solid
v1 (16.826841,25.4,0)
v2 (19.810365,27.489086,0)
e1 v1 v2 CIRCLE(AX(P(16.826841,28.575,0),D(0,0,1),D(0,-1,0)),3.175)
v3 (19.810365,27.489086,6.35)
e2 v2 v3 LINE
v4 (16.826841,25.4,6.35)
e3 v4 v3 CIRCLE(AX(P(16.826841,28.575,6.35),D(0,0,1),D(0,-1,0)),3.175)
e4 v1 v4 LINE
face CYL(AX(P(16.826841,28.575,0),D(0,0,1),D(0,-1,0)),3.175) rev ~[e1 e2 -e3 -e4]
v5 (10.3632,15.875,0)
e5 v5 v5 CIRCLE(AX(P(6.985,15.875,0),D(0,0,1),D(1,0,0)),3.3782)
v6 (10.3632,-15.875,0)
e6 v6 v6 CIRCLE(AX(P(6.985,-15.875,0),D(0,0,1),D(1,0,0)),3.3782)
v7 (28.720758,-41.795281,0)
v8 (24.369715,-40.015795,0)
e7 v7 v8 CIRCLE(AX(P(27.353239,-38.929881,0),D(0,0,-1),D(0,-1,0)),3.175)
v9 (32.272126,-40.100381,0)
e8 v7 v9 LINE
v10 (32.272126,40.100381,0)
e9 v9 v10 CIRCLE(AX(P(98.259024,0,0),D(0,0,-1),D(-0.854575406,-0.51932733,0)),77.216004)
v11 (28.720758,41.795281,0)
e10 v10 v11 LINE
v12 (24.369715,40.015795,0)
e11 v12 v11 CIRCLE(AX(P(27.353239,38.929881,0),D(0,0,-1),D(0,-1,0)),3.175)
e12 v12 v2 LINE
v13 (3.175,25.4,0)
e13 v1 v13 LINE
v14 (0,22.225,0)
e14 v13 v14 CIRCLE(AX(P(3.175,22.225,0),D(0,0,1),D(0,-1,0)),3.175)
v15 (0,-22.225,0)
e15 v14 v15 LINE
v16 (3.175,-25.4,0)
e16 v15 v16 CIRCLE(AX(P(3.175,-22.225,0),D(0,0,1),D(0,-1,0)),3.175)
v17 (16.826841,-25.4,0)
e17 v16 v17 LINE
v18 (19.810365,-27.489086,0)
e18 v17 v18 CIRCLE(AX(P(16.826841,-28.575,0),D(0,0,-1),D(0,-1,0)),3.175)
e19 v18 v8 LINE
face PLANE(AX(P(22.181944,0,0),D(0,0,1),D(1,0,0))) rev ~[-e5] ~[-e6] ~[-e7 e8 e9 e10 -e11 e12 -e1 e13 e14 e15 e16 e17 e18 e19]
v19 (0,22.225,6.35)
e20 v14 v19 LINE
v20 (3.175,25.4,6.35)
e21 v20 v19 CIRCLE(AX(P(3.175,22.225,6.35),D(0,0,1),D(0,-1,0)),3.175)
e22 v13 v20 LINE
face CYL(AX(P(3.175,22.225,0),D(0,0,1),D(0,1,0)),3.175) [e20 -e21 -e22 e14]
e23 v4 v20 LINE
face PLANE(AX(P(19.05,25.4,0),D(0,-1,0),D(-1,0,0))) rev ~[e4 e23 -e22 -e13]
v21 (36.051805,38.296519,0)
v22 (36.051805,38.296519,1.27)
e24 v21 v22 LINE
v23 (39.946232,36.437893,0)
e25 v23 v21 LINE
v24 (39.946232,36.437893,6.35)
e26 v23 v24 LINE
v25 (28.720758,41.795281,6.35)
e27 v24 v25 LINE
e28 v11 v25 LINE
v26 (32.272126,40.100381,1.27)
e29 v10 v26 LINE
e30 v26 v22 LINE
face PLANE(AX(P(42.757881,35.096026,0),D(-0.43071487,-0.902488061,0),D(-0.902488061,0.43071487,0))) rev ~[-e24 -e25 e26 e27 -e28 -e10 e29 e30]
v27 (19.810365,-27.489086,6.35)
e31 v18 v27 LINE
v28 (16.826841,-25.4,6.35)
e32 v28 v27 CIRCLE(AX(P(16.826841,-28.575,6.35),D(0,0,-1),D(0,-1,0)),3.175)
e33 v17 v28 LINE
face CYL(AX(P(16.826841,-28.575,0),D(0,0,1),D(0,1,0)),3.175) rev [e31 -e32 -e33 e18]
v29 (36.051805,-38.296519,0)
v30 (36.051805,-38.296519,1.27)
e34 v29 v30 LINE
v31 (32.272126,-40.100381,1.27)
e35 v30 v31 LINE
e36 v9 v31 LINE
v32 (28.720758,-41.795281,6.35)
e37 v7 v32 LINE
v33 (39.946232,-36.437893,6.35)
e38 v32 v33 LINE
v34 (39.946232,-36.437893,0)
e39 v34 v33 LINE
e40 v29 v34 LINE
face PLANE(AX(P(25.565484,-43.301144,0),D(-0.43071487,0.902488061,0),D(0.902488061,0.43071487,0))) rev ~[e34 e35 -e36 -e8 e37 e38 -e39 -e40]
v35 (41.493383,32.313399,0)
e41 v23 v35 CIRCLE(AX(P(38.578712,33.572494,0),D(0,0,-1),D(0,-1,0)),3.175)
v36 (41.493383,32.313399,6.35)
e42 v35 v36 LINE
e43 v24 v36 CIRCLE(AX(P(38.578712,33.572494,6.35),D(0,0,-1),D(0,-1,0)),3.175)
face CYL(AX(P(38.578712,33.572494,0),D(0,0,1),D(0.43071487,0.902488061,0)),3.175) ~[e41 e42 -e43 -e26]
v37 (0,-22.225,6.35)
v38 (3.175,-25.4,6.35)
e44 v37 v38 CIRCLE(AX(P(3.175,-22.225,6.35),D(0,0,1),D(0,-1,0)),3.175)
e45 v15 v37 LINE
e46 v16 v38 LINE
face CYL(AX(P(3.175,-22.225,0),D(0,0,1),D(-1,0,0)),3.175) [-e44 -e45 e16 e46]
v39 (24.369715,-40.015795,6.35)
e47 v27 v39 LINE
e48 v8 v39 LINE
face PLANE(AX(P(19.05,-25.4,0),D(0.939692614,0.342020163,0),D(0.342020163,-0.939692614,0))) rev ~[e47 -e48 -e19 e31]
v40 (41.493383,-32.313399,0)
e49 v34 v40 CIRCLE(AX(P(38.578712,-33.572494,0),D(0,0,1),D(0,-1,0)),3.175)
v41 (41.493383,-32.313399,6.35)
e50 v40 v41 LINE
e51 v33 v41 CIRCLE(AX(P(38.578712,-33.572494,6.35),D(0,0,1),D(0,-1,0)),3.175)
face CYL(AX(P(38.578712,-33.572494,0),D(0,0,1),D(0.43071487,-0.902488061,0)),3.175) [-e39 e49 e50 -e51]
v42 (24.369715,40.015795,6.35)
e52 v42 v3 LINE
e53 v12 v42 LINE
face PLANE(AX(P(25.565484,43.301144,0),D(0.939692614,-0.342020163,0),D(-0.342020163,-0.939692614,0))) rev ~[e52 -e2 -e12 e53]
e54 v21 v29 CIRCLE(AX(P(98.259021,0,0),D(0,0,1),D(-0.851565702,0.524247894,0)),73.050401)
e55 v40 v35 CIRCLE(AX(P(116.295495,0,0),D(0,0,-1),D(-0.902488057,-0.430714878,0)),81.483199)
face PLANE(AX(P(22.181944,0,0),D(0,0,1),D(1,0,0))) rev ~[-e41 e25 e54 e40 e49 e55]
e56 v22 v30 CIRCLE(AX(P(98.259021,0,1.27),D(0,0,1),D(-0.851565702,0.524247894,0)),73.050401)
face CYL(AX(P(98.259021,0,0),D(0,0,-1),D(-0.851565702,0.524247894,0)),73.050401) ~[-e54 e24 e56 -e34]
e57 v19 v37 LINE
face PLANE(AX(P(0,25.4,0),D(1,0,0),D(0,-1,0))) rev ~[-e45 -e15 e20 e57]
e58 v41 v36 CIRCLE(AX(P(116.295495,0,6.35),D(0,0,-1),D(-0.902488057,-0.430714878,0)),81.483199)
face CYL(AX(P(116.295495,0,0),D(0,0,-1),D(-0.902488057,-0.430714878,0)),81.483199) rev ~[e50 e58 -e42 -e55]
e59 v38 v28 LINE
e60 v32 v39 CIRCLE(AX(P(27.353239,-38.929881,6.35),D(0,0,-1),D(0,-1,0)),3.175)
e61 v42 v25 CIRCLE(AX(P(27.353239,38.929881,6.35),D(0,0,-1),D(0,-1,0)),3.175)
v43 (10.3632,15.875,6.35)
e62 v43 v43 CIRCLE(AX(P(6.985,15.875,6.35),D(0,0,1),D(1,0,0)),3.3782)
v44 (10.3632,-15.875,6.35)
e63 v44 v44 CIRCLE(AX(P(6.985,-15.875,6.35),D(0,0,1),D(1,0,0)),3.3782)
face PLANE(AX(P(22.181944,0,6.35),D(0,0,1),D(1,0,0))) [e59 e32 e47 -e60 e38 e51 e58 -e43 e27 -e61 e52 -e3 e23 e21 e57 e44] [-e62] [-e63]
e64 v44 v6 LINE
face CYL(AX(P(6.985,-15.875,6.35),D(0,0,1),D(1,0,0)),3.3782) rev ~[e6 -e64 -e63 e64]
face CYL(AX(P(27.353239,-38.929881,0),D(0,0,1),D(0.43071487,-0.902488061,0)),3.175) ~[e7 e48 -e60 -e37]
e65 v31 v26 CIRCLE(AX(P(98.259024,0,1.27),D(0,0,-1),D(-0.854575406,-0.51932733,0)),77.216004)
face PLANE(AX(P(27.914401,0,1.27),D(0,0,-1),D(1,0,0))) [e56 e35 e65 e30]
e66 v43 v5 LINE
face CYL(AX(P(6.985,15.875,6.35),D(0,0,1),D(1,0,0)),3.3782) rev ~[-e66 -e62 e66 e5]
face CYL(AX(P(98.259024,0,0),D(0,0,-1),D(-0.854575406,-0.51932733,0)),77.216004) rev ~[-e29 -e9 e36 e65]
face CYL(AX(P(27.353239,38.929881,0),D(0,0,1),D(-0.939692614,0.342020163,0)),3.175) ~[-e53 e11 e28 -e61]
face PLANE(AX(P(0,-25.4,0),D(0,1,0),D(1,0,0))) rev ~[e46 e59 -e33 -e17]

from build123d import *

# Parameters (mm, degrees)
F1_DEPTH = 6.35
F3_DEPTH = 1.27
F4_R     = 3.3782
F5_DEPTH = 6.351
F6_R     = 3.175


with BuildPart() as f1:
    # F0 (on Top) → F1 (new body)
    with BuildSketch(Plane.XY):
        with BuildLine():
            Line((19.05, 25.4), (0, 25.4))
            Line((0, 25.4), (0, -25.4))
            Line((0, -25.4), (19.05, -25.4))
            Line((19.05, -25.4), (25.565484, -43.301144))
            Line((25.565484, -43.301144), (42.757881, -35.096026))
            ThreePointArc((42.757881, -35.096026), (34.812296, 0), (42.757881, 35.096026))
            Line((42.757881, 35.096026), (25.565484, 43.301144))
            Line((25.565484, 43.301144), (19.05, 25.4))
        make_face()
    extrude(amount=F1_DEPTH)

    # F2 (on face) → F3 (cut)
    with BuildSketch(Plane(origin=(0, 0, 0), x_dir=(1, 0, 0), z_dir=(0, 0, -1))):
        with BuildLine():
            Line((36.051805, 38.296519), (32.272126, 40.100381))
            ThreePointArc((32.272126, 40.100381), (21.04302, 0), (32.272126, -40.100381))
            Line((32.272126, -40.100381), (36.051805, -38.296519))
            ThreePointArc((36.051805, -38.296519), (25.20862, 0), (36.051805, 38.296519))
        make_face()
    extrude(amount=-F3_DEPTH, mode=Mode.SUBTRACT)

    # F4 (on face) → F5 (cut, through all)
    with BuildSketch(Plane.XY.offset(6.35)):
        with Locations((6.985, 15.875)):
            Circle(F4_R)
        with Locations((6.985, -15.875)):
            Circle(F4_R)
    extrude(amount=-F5_DEPTH, mode=Mode.SUBTRACT)

    # F6
    f6_edges = [f1.edges().sort_by_distance(p)[0] for p in [
        (0, -25.4, 3.175),
        (19.05, -25.4, 3.175),
        (25.565484, -43.301144, 3.175),
        (42.757881, -35.096026, 3.175),
        (0, 25.4, 3.175),
        (42.757881, 35.096026, 3.175),
        (25.565484, 43.301144, 3.175),
        (19.05, 25.4, 3.175),
    ]]
    fillet(f6_edges, radius=F6_R)


solid = f1.part
